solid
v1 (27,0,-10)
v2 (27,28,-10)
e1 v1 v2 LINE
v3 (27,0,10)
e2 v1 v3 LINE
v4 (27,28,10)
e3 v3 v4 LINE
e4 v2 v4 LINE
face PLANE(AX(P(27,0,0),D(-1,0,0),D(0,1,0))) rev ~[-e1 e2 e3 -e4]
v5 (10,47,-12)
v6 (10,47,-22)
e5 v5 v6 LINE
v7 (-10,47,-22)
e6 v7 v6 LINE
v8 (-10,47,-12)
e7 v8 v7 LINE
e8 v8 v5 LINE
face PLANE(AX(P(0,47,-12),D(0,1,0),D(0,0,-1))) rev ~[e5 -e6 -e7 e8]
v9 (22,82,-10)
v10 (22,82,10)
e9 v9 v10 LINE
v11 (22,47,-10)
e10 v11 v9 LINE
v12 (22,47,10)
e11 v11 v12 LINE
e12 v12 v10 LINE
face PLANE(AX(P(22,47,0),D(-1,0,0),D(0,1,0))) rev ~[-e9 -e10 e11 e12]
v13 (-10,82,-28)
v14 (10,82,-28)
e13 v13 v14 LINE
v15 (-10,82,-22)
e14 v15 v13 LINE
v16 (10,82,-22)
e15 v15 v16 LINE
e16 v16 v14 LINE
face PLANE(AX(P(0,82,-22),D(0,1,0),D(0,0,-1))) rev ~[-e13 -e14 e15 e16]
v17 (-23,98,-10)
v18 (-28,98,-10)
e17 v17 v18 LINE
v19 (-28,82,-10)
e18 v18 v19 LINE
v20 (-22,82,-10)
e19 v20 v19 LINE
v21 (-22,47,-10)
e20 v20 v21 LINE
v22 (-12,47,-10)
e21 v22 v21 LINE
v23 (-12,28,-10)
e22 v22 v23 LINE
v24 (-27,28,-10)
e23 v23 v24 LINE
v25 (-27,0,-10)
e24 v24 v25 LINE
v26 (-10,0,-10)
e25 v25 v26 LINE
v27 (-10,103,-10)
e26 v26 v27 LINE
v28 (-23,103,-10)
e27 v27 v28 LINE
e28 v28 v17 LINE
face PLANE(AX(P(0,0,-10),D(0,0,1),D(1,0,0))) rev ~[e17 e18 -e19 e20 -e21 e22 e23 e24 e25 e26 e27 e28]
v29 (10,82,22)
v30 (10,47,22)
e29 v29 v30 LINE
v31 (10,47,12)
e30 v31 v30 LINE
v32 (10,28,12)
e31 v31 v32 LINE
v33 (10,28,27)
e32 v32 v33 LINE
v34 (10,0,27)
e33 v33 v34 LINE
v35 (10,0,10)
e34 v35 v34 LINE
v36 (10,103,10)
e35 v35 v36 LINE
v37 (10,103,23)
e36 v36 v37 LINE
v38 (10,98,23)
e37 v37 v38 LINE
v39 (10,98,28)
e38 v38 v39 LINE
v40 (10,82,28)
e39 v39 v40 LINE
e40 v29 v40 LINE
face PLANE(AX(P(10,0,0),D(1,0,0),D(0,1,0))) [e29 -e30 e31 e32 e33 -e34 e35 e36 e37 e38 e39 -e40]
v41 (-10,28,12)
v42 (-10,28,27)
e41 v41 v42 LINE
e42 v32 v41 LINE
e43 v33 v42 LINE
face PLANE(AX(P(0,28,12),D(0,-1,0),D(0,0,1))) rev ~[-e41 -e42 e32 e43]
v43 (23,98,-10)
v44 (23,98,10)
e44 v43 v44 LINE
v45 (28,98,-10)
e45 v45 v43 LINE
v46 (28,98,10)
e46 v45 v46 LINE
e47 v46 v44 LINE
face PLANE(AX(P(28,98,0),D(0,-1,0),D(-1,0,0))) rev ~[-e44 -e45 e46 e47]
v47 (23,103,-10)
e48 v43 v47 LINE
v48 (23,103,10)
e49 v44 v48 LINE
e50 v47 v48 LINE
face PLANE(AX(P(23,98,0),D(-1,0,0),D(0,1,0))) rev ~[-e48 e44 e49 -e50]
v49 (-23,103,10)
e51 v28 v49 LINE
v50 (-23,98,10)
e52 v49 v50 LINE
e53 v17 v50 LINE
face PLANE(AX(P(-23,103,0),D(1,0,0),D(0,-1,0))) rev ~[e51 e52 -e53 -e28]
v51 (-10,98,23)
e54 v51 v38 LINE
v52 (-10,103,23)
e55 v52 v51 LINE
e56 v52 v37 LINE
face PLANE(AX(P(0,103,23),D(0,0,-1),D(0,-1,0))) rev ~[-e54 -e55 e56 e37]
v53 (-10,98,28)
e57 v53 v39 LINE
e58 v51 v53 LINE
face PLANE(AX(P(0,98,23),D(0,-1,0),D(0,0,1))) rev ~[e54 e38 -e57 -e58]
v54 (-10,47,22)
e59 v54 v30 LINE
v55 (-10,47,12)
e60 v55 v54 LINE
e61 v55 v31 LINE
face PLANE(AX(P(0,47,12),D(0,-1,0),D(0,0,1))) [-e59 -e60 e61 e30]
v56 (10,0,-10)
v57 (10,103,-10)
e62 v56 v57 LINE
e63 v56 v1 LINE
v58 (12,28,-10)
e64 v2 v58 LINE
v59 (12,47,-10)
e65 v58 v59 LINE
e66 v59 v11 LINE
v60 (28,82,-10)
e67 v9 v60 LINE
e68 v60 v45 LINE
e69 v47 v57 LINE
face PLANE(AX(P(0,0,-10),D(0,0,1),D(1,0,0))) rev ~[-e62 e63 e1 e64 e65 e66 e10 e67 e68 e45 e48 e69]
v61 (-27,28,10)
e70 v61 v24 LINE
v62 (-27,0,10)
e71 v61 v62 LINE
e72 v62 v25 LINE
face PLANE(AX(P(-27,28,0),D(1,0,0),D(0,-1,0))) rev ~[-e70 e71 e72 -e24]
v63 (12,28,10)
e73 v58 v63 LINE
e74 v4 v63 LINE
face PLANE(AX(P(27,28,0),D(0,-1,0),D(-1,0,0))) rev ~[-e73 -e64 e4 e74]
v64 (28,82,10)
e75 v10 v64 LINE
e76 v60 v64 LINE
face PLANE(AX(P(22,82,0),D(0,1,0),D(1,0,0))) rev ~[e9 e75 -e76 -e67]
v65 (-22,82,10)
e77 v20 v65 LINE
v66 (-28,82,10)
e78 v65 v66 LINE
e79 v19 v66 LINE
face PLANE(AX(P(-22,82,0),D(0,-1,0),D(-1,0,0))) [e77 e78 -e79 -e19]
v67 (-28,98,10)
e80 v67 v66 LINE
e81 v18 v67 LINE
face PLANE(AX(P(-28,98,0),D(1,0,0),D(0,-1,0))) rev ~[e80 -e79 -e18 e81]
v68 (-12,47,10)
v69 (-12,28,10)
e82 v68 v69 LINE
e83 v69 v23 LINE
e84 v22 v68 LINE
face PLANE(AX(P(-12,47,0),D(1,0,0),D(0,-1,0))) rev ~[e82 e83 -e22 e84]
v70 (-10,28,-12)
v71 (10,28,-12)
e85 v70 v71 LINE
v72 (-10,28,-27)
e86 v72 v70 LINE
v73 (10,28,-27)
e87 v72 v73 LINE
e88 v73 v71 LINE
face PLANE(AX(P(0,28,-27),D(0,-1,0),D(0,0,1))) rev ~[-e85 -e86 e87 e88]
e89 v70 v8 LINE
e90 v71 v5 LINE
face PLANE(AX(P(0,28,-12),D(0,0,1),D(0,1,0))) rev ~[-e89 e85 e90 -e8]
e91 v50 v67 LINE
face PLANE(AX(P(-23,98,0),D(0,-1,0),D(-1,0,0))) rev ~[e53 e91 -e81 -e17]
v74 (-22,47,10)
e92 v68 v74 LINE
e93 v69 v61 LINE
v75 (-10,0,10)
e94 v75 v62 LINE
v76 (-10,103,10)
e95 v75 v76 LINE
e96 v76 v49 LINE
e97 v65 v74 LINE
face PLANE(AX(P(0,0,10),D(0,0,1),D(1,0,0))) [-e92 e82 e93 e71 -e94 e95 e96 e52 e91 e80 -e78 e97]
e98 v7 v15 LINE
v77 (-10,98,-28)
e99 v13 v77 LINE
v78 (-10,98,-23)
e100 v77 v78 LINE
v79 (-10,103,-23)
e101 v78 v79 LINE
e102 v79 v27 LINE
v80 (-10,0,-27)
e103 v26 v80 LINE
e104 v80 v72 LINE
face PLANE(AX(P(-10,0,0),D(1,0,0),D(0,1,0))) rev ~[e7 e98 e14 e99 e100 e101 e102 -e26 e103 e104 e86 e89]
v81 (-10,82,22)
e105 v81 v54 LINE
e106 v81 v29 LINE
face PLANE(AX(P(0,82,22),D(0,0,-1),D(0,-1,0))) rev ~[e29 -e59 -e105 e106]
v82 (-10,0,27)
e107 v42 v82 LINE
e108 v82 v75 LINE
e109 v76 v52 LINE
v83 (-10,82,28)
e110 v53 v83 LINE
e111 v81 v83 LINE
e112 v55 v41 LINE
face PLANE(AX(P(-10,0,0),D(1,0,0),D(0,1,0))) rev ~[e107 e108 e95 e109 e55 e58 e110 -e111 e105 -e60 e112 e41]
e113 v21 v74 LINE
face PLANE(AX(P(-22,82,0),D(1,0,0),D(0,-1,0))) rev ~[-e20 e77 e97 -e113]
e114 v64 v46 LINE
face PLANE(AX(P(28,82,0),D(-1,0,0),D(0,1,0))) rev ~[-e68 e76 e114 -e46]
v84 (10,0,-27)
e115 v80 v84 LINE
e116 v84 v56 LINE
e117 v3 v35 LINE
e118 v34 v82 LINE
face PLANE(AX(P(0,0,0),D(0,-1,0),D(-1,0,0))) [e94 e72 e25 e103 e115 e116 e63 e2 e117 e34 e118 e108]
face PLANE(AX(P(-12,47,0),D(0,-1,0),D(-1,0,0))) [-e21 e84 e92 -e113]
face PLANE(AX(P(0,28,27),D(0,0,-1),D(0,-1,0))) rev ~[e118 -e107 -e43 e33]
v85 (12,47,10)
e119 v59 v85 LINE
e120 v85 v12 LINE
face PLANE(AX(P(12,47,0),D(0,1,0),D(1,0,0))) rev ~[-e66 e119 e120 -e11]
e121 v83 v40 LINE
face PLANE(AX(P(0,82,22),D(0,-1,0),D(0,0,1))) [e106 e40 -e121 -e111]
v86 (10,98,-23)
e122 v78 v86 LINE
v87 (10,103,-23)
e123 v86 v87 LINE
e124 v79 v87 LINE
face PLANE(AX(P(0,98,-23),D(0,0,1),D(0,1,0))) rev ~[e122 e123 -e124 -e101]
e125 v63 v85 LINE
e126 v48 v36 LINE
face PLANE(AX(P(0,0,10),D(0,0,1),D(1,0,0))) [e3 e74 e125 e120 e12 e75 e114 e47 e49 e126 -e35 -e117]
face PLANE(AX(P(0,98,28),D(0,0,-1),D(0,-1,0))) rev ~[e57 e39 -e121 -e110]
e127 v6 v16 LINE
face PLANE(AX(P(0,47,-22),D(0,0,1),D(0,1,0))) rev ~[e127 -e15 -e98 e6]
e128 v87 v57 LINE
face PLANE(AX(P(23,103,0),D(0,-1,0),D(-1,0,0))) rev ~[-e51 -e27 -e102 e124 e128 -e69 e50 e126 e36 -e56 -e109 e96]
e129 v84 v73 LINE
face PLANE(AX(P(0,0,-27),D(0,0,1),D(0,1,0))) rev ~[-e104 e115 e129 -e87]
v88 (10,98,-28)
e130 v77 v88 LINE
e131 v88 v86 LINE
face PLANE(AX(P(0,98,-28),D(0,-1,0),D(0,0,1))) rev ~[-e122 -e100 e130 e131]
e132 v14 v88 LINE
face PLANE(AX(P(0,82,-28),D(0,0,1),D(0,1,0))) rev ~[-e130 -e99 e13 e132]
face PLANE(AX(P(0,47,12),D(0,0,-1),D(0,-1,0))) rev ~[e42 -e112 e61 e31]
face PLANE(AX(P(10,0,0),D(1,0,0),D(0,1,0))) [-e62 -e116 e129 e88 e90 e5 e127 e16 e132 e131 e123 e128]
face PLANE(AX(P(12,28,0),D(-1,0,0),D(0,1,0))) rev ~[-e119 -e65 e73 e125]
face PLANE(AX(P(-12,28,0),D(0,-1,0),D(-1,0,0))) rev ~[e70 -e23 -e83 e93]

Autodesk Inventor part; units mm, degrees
ref_plane "YZ Plane" through (0, 0, 0) normal (1, 0, 0) x (0, 1, 0)
ref_plane "XZ Plane" through (0, 0, 0) normal (0, 1, 0) x (-1, 0, 0)
ref_plane "XY Plane" through (0, 0, 0) normal (0, 0, 1) x (1, 0, 0)
sketch "Sketch1" plane through (0, 0, 0) normal (0, 0, 1) x (1, 0, 0)
  line L0 (0, 0) -> (-27, 0)
  line L1 (-27, 0) -> (27, 0)
  line L2 (27, 0) -> (27, 28)
  line L3 (27, 28) -> (-27, 28)
  line L4 (-27, 28) -> (-27, 0)
  line L5 (0, 28) -> (-12, 28)
  line L6 (-12, 28) -> (12, 28)
  line L7 (12, 28) -> (12, 47)
  line L8 (12, 47) -> (-12, 47)
  line L9 (-12, 47) -> (-12, 28)
  line L10 (0, 47) -> (-22, 47)
  line L11 (-22, 47) -> (22, 47)
  line L12 (22, 47) -> (22, 82)
  line L13 (22, 82) -> (-22, 82)
  line L14 (-22, 82) -> (-22, 47)
  line L15 (-22, 82) -> (-28, 82)
  line L16 (-28, 82) -> (28, 82)
  line L17 (28, 82) -> (28, 98)
  line L18 (28, 98) -> (-28, 98)
  line L19 (-28, 98) -> (-28, 82)
  line L20 (0, 98) -> (-23, 98)
  line L21 (-23, 98) -> (23, 98)
  line L22 (23, 98) -> (23, 103)
  line L23 (23, 103) -> (-23, 103)
  line L24 (-23, 103) -> (-23, 98)
  dimension "d0" = 27
  dimension "d1" = 54
  dimension "d2" = 28
  dimension "d3" = 12
  dimension "d4" = 24
  dimension "d5" = 19
  dimension "d6" = 22
  dimension "d7" = 44
  dimension "d8" = 35
  dimension "d9" = 6
  dimension "d10" = 56
  dimension "d11" = 16
  dimension "d12" = 23
  dimension "d13" = 46
  dimension "d14" = 5
sketch "Sketch2" plane through (0, 0, 0) normal (1, 0, 0) x (0, 1, 0)
  line L0 (0, 0) -> (0, 27)
  line L1 (0, 27) -> (0, -27)
  line L2 (0, -27) -> (28, -27)
  line L3 (28, -27) -> (28, 27)
  line L4 (28, 27) -> (0, 27)
  line L5 (28, 0) -> (28, 12)
  line L6 (28, 12) -> (28, -12)
  line L7 (28, -12) -> (47, -12)
  line L8 (47, -12) -> (47, 12)
  line L9 (47, 12) -> (28, 12)
  line L10 (47, 0) -> (47, 22)
  line L11 (47, 22) -> (47, -22)
  line L12 (47, -22) -> (82, -22)
  line L13 (82, -22) -> (82, 22)
  line L14 (82, 22) -> (47, 22)
  line L15 (82, 22) -> (82, 28)
  line L16 (82, 28) -> (82, -28)
  line L17 (82, -28) -> (98, -28)
  line L18 (98, -28) -> (98, 28)
  line L19 (98, 28) -> (82, 28)
  line L20 (98, 0) -> (98, 23)
  line L21 (98, 23) -> (98, -23)
  line L22 (98, -23) -> (103, -23)
  line L23 (103, -23) -> (103, 23)
  line L24 (103, 23) -> (98, 23)
  point P0 (0, 0)
  dimension "d15" = 27
  dimension "d16" = 54
  dimension "d17" = 28
  dimension "d18" = 12
  dimension "d19" = 24
  dimension "d20" = 19
  dimension "d21" = 22
  dimension "d22" = 44
  dimension "d23" = 35
  dimension "d24" = 6
  dimension "d25" = 56
  dimension "d26" = 16
  dimension "d27" = 23
  dimension "d28" = 46
  dimension "d29" = 5
extrude "Extrusion1" add sketch "Sketch1" along normal mid plane 20
extrude "Extrusion2" add sketch "Sketch2" along normal mid plane 20
properties part number "Empty"
